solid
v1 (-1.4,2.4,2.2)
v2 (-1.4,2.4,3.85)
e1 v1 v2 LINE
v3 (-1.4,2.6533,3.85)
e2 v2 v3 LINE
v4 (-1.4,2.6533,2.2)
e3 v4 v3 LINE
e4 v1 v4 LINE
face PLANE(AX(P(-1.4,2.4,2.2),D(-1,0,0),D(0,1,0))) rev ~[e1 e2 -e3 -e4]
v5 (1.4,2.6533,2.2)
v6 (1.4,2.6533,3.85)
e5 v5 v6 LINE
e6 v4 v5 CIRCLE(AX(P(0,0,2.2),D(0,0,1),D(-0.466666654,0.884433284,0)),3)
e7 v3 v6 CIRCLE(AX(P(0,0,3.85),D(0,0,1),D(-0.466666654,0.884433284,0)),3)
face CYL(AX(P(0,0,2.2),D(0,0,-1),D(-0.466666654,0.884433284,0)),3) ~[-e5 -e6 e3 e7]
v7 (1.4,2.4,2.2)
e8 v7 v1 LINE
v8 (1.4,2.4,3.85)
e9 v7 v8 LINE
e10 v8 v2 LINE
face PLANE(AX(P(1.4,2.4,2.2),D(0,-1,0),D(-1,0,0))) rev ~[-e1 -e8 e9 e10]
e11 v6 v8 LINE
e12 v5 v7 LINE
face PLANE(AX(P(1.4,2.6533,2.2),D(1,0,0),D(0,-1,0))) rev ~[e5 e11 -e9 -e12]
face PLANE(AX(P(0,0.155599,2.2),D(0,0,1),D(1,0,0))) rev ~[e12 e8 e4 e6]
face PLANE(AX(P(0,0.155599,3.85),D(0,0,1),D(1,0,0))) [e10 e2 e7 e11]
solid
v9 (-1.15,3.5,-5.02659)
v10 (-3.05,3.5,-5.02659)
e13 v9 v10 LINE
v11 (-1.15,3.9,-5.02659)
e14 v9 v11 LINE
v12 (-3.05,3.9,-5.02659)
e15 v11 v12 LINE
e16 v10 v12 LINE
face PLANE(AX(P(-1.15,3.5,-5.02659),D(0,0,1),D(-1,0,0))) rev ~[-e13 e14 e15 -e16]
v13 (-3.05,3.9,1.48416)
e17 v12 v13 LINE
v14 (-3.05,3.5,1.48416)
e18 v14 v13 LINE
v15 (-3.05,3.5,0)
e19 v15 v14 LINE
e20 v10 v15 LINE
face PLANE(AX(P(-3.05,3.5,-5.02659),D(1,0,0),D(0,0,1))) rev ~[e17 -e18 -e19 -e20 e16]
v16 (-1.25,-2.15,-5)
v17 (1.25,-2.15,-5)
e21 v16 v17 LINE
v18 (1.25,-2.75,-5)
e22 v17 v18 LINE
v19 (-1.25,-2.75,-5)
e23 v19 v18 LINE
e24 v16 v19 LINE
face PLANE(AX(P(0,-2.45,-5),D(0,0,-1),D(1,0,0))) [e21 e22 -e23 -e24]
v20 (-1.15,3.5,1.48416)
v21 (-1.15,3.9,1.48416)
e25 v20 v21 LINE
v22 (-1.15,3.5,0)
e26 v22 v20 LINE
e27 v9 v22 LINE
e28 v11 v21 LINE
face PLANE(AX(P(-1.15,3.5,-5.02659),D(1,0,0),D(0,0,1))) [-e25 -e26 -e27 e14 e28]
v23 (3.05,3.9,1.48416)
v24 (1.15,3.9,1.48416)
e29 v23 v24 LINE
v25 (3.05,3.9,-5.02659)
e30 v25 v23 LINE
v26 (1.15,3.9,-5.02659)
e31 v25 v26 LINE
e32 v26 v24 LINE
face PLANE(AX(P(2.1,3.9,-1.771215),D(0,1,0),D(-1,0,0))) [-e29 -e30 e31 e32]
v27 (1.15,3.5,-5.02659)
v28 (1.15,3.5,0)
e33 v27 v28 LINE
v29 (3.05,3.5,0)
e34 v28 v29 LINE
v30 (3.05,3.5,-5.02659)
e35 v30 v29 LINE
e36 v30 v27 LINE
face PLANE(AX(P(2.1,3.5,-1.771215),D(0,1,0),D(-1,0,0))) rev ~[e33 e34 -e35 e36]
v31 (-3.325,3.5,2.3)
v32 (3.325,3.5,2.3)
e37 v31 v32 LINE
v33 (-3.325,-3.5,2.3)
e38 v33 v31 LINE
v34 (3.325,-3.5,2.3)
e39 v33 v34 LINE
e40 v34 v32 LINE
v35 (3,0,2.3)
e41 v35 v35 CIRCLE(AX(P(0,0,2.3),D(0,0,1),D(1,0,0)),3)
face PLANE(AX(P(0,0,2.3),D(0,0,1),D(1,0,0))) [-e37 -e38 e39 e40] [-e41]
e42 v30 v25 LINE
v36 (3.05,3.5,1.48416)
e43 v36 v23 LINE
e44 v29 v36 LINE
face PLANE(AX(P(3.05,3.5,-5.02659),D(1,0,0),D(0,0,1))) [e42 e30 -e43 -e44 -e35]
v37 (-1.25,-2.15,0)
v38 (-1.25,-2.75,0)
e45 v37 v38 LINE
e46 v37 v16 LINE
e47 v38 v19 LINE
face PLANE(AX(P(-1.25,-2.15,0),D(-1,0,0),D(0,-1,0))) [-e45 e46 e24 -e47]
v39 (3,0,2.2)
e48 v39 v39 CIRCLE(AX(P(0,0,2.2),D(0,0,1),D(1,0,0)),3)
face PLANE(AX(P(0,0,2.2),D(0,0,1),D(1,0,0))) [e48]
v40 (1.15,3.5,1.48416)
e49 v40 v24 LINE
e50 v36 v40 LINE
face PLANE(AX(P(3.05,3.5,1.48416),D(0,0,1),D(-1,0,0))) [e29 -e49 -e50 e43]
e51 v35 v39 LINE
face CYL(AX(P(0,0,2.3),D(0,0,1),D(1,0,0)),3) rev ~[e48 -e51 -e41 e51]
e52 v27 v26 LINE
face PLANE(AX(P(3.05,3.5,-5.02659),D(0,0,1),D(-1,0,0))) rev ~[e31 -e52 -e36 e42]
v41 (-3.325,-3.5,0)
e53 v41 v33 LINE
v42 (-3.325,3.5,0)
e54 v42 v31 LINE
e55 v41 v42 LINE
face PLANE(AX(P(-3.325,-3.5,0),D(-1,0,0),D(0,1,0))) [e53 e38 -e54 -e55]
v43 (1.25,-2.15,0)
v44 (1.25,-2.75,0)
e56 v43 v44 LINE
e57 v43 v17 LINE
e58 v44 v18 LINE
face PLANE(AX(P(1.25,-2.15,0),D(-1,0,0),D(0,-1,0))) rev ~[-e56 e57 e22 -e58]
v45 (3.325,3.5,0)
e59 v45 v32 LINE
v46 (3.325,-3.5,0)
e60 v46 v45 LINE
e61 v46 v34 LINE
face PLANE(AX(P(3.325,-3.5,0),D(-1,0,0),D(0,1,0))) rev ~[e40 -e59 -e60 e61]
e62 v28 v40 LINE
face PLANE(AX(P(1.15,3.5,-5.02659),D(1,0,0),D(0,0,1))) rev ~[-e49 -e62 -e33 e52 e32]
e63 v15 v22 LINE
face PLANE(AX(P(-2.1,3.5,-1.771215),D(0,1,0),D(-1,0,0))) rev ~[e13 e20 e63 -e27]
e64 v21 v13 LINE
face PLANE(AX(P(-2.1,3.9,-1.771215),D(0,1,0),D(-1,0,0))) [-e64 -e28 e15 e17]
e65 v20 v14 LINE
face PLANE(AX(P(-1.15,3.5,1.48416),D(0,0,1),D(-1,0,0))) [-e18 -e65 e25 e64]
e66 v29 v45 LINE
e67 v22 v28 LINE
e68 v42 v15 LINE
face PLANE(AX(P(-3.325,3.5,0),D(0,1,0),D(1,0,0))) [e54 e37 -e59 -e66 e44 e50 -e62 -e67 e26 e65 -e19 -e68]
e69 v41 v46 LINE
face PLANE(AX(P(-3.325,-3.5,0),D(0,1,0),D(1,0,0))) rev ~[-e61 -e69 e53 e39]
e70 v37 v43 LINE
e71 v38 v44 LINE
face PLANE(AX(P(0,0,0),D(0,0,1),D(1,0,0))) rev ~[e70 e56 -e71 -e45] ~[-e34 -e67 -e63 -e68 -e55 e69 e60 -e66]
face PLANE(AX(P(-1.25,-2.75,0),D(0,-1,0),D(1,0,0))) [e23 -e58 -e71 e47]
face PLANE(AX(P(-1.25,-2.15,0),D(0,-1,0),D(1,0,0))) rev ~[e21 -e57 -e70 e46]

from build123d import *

# Parameters (mm, degrees)
F0_W     = 6.65
F0_H     = 7
F1_DEPTH = 2.3
F2_R     = 3
F3_DEPTH = 0.1
F4_W     = 2.5
F4_H     = 0.6
F5_DEPTH = 5
F6_W     = 1.9
F6_H     = 6.510749
F7_DEPTH = 0.4
F9_DEPTH = 1.65


with BuildPart() as f1:
    # F0 (on Top) → F1 (new body)
    with BuildSketch(Plane.XY):
        Rectangle(F0_W, F0_H)
    extrude(amount=F1_DEPTH)

    # F2 (on face) → F3 (cut)
    with BuildSketch(Plane.XY.offset(2.3)):
        Circle(F2_R)
    extrude(amount=-F3_DEPTH, mode=Mode.SUBTRACT)

    # F4 (on face) → F5 (join)
    with BuildSketch(Plane(origin=(0, 0, 0), x_dir=(1, 0, 0), z_dir=(0, 0, -1))):
        with Locations((0, 2.45)):
            Rectangle(F4_W, F4_H)
    extrude(amount=F5_DEPTH)

    # F6 (on face) → F7 (join)
    with BuildSketch(Plane(origin=(0, 3.5, 0), x_dir=(-1, 0, 0), z_dir=(0, 1, 0))):
        with Locations((2.1, -1.771215)):
            Rectangle(F6_W, F6_H)
        with Locations((-2.1, -1.771215)):
            Rectangle(F6_W, F6_H)
    extrude(amount=F7_DEPTH)


with BuildPart() as f9:
    # F8 (on face) → F9 (new body)
    with BuildSketch(Plane.XY.offset(2.2)):
        with BuildLine():
            Line((-1.4, 2.4), (-1.4, 2.6533))
            ThreePointArc((-1.4, 2.6533), (0, -3), (1.4, 2.6533))
            Line((1.4, 2.6533), (1.4, 2.4))
            Line((1.4, 2.4), (-1.4, 2.4))
        make_face()
    extrude(amount=F9_DEPTH)


solid = Compound([f1.part, f9.part])
